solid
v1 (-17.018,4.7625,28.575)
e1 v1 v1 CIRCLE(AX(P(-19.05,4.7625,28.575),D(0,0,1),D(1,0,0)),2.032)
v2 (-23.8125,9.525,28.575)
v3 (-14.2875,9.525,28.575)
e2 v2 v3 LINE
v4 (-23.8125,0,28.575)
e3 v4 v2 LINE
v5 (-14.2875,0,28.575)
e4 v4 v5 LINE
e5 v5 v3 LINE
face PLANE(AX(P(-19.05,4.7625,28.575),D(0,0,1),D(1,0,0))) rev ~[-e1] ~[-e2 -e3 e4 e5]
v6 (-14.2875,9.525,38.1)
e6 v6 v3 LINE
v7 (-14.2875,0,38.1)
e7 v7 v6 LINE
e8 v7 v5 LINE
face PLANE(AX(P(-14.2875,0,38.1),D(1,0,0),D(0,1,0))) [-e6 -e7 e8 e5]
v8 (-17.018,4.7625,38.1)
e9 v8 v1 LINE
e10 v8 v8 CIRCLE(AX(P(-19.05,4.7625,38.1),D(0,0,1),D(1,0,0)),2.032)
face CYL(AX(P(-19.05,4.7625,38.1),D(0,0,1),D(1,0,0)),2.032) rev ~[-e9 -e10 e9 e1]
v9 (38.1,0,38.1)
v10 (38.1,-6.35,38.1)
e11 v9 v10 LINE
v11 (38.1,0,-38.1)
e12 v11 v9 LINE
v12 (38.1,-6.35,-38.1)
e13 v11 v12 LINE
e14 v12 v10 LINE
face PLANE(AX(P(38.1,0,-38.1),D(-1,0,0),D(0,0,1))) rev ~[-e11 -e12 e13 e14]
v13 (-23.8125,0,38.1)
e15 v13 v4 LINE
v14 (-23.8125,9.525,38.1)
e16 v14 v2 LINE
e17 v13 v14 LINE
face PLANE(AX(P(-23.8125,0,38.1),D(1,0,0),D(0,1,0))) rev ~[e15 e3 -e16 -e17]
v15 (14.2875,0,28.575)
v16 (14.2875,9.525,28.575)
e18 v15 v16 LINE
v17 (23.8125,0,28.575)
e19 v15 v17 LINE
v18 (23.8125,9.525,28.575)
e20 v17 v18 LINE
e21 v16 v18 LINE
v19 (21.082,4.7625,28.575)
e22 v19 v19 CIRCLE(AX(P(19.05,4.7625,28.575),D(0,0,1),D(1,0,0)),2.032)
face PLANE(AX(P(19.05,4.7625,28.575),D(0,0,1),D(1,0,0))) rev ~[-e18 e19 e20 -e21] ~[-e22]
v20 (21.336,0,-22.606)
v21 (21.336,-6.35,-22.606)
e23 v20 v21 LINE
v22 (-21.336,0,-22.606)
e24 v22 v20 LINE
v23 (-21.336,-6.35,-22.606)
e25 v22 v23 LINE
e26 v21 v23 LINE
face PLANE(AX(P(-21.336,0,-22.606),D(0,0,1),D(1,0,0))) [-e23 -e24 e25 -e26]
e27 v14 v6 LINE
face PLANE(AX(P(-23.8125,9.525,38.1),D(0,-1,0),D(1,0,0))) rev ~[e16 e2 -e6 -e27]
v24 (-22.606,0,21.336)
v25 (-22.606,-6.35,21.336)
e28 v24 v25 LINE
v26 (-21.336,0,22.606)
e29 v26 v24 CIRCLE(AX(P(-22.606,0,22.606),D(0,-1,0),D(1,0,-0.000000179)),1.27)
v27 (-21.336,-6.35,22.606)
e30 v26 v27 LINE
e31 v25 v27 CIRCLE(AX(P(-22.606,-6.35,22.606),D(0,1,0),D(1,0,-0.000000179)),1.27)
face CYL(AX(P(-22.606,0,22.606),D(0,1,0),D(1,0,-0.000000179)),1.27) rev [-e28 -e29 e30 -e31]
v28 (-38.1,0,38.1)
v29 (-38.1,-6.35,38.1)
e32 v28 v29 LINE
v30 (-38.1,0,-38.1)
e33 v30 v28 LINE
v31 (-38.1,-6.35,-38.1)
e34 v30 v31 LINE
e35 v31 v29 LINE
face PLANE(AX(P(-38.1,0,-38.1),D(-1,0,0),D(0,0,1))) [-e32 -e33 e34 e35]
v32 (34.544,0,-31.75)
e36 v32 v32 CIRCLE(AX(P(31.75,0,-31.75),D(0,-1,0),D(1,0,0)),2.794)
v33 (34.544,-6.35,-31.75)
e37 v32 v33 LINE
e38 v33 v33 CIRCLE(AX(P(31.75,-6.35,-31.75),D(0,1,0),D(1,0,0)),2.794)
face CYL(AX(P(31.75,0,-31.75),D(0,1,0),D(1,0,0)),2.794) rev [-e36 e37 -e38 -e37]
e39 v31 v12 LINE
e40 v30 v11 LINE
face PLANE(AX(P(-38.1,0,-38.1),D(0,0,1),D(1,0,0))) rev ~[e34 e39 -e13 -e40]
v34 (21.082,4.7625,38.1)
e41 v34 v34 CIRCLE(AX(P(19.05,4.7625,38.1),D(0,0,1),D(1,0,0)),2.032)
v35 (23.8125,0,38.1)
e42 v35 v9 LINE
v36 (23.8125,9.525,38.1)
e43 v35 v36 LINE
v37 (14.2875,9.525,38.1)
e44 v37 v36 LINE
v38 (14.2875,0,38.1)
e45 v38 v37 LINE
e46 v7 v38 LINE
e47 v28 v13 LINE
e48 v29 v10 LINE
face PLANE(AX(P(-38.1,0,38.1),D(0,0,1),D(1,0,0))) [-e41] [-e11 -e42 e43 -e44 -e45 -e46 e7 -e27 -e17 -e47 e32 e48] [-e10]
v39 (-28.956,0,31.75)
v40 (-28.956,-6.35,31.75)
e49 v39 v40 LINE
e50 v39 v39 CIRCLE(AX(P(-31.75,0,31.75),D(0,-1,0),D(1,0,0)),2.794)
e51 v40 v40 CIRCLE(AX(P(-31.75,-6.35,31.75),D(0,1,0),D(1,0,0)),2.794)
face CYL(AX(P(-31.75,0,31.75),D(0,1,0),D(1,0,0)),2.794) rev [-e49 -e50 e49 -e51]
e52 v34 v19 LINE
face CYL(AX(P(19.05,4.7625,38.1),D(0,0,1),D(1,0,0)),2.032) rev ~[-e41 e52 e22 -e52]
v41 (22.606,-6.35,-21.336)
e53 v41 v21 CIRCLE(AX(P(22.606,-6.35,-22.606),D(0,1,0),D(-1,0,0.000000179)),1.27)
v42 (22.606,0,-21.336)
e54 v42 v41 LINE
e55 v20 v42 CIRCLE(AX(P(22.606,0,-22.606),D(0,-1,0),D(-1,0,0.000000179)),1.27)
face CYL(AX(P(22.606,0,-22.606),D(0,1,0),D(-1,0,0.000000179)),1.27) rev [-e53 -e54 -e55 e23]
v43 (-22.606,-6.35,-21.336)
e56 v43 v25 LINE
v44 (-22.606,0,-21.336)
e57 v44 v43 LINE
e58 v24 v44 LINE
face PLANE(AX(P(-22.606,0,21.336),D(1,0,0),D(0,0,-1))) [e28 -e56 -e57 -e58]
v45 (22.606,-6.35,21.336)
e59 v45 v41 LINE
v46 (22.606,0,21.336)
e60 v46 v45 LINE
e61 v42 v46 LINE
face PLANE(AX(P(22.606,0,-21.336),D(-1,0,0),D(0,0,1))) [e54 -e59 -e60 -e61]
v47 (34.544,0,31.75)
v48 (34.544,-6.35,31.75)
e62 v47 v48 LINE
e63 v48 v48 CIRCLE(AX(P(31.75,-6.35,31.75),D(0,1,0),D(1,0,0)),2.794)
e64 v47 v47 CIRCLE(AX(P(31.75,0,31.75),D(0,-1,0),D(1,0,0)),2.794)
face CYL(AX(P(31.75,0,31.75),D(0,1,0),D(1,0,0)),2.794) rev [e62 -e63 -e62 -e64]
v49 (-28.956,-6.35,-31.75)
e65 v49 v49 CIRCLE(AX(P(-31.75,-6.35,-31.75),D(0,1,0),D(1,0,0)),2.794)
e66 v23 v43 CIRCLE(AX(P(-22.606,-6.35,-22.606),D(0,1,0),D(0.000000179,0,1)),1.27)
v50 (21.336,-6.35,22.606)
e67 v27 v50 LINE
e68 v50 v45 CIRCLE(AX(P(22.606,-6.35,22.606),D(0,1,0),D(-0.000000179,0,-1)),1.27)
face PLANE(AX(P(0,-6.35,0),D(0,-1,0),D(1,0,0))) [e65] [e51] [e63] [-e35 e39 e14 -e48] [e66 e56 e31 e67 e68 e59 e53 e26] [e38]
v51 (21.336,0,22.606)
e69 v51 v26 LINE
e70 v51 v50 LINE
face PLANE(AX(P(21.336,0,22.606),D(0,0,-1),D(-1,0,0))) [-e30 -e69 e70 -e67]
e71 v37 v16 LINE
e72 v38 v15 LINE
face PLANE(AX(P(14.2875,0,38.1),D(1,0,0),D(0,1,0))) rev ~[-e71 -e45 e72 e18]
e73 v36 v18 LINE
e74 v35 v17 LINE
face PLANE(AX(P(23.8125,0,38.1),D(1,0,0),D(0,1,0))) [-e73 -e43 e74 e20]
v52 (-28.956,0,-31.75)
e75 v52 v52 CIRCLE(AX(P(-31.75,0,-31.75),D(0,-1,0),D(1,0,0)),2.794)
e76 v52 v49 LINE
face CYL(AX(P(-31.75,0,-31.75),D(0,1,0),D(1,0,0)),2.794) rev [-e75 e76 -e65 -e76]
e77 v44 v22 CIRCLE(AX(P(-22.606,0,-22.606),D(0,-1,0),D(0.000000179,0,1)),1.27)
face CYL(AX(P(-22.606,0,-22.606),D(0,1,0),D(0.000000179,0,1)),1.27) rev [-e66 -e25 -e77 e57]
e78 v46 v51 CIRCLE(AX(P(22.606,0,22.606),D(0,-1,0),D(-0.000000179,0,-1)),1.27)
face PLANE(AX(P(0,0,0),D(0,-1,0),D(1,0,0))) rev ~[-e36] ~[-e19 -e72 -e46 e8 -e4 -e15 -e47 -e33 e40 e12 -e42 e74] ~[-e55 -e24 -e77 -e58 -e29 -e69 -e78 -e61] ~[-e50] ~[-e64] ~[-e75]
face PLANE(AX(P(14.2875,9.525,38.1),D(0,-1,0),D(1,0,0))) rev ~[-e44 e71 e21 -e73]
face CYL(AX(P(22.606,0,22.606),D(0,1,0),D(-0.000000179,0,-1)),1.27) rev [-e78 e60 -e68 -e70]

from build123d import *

# Parameters (mm, degrees)
F0_W     = 76.2
F0_H     = 76.2
F3_DEPTH = 6.35
F4_DEPTH = 6.351
F2_R     = 2.794
F5_DEPTH = 6.351
F6_W     = 9.525
F6_H     = 9.525
F6_R     = 2.032
F7_DEPTH = 9.525


with BuildPart() as f3:
    # F0 (on Front) → F3 (new body)
    with BuildSketch(Plane.XZ):
        Rectangle(F0_W, F0_H)
    extrude(amount=F3_DEPTH)

    # F1 (on Front) → F4 (cut, through all)
    with BuildSketch(Plane.XZ):
        with BuildLine():
            Line((21.336, 22.606), (-21.336, 22.606))
            ThreePointArc((-21.336, 22.606), (-23.504026, 23.504026), (-22.606, 21.336))
            Line((-22.606, 21.336), (-22.606, -21.336))
            ThreePointArc((-22.606, -21.336), (-23.504026, -23.504026), (-21.336, -22.606))
            Line((-21.336, -22.606), (21.336, -22.606))
            ThreePointArc((21.336, -22.606), (23.504026, -23.504026), (22.606, -21.336))
            Line((22.606, -21.336), (22.606, 21.336))
            ThreePointArc((22.606, 21.336), (23.504026, 23.504026), (21.336, 22.606))
        make_face()
    extrude(amount=F4_DEPTH, mode=Mode.SUBTRACT)

    # F2 (on Front) → F5 (cut, through all)
    with BuildSketch(Plane.XZ):
        with Locations((-31.75, 31.75)):
            Circle(F2_R)
        with Locations((-31.75, -31.75)):
            Circle(F2_R)
        with Locations((31.75, -31.75)):
            Circle(F2_R)
        with Locations((31.75, 31.75)):
            Circle(F2_R)
    extrude(amount=F5_DEPTH, mode=Mode.SUBTRACT)

    # F6 (on face) → F7 (join)
    with BuildSketch(Plane.XY.offset(38.1)):
        with Locations((-19.05, 4.7625)):
            Rectangle(F6_W, F6_H)
        with Locations((-19.05, 4.7625)):
            Circle(F6_R, mode=Mode.SUBTRACT)
        with Locations((19.05, 4.7625)):
            Rectangle(F6_W, F6_H)
        with Locations((19.05, 4.7625)):
            Circle(F6_R, mode=Mode.SUBTRACT)
    extrude(amount=-F7_DEPTH)


solid = f3.part
